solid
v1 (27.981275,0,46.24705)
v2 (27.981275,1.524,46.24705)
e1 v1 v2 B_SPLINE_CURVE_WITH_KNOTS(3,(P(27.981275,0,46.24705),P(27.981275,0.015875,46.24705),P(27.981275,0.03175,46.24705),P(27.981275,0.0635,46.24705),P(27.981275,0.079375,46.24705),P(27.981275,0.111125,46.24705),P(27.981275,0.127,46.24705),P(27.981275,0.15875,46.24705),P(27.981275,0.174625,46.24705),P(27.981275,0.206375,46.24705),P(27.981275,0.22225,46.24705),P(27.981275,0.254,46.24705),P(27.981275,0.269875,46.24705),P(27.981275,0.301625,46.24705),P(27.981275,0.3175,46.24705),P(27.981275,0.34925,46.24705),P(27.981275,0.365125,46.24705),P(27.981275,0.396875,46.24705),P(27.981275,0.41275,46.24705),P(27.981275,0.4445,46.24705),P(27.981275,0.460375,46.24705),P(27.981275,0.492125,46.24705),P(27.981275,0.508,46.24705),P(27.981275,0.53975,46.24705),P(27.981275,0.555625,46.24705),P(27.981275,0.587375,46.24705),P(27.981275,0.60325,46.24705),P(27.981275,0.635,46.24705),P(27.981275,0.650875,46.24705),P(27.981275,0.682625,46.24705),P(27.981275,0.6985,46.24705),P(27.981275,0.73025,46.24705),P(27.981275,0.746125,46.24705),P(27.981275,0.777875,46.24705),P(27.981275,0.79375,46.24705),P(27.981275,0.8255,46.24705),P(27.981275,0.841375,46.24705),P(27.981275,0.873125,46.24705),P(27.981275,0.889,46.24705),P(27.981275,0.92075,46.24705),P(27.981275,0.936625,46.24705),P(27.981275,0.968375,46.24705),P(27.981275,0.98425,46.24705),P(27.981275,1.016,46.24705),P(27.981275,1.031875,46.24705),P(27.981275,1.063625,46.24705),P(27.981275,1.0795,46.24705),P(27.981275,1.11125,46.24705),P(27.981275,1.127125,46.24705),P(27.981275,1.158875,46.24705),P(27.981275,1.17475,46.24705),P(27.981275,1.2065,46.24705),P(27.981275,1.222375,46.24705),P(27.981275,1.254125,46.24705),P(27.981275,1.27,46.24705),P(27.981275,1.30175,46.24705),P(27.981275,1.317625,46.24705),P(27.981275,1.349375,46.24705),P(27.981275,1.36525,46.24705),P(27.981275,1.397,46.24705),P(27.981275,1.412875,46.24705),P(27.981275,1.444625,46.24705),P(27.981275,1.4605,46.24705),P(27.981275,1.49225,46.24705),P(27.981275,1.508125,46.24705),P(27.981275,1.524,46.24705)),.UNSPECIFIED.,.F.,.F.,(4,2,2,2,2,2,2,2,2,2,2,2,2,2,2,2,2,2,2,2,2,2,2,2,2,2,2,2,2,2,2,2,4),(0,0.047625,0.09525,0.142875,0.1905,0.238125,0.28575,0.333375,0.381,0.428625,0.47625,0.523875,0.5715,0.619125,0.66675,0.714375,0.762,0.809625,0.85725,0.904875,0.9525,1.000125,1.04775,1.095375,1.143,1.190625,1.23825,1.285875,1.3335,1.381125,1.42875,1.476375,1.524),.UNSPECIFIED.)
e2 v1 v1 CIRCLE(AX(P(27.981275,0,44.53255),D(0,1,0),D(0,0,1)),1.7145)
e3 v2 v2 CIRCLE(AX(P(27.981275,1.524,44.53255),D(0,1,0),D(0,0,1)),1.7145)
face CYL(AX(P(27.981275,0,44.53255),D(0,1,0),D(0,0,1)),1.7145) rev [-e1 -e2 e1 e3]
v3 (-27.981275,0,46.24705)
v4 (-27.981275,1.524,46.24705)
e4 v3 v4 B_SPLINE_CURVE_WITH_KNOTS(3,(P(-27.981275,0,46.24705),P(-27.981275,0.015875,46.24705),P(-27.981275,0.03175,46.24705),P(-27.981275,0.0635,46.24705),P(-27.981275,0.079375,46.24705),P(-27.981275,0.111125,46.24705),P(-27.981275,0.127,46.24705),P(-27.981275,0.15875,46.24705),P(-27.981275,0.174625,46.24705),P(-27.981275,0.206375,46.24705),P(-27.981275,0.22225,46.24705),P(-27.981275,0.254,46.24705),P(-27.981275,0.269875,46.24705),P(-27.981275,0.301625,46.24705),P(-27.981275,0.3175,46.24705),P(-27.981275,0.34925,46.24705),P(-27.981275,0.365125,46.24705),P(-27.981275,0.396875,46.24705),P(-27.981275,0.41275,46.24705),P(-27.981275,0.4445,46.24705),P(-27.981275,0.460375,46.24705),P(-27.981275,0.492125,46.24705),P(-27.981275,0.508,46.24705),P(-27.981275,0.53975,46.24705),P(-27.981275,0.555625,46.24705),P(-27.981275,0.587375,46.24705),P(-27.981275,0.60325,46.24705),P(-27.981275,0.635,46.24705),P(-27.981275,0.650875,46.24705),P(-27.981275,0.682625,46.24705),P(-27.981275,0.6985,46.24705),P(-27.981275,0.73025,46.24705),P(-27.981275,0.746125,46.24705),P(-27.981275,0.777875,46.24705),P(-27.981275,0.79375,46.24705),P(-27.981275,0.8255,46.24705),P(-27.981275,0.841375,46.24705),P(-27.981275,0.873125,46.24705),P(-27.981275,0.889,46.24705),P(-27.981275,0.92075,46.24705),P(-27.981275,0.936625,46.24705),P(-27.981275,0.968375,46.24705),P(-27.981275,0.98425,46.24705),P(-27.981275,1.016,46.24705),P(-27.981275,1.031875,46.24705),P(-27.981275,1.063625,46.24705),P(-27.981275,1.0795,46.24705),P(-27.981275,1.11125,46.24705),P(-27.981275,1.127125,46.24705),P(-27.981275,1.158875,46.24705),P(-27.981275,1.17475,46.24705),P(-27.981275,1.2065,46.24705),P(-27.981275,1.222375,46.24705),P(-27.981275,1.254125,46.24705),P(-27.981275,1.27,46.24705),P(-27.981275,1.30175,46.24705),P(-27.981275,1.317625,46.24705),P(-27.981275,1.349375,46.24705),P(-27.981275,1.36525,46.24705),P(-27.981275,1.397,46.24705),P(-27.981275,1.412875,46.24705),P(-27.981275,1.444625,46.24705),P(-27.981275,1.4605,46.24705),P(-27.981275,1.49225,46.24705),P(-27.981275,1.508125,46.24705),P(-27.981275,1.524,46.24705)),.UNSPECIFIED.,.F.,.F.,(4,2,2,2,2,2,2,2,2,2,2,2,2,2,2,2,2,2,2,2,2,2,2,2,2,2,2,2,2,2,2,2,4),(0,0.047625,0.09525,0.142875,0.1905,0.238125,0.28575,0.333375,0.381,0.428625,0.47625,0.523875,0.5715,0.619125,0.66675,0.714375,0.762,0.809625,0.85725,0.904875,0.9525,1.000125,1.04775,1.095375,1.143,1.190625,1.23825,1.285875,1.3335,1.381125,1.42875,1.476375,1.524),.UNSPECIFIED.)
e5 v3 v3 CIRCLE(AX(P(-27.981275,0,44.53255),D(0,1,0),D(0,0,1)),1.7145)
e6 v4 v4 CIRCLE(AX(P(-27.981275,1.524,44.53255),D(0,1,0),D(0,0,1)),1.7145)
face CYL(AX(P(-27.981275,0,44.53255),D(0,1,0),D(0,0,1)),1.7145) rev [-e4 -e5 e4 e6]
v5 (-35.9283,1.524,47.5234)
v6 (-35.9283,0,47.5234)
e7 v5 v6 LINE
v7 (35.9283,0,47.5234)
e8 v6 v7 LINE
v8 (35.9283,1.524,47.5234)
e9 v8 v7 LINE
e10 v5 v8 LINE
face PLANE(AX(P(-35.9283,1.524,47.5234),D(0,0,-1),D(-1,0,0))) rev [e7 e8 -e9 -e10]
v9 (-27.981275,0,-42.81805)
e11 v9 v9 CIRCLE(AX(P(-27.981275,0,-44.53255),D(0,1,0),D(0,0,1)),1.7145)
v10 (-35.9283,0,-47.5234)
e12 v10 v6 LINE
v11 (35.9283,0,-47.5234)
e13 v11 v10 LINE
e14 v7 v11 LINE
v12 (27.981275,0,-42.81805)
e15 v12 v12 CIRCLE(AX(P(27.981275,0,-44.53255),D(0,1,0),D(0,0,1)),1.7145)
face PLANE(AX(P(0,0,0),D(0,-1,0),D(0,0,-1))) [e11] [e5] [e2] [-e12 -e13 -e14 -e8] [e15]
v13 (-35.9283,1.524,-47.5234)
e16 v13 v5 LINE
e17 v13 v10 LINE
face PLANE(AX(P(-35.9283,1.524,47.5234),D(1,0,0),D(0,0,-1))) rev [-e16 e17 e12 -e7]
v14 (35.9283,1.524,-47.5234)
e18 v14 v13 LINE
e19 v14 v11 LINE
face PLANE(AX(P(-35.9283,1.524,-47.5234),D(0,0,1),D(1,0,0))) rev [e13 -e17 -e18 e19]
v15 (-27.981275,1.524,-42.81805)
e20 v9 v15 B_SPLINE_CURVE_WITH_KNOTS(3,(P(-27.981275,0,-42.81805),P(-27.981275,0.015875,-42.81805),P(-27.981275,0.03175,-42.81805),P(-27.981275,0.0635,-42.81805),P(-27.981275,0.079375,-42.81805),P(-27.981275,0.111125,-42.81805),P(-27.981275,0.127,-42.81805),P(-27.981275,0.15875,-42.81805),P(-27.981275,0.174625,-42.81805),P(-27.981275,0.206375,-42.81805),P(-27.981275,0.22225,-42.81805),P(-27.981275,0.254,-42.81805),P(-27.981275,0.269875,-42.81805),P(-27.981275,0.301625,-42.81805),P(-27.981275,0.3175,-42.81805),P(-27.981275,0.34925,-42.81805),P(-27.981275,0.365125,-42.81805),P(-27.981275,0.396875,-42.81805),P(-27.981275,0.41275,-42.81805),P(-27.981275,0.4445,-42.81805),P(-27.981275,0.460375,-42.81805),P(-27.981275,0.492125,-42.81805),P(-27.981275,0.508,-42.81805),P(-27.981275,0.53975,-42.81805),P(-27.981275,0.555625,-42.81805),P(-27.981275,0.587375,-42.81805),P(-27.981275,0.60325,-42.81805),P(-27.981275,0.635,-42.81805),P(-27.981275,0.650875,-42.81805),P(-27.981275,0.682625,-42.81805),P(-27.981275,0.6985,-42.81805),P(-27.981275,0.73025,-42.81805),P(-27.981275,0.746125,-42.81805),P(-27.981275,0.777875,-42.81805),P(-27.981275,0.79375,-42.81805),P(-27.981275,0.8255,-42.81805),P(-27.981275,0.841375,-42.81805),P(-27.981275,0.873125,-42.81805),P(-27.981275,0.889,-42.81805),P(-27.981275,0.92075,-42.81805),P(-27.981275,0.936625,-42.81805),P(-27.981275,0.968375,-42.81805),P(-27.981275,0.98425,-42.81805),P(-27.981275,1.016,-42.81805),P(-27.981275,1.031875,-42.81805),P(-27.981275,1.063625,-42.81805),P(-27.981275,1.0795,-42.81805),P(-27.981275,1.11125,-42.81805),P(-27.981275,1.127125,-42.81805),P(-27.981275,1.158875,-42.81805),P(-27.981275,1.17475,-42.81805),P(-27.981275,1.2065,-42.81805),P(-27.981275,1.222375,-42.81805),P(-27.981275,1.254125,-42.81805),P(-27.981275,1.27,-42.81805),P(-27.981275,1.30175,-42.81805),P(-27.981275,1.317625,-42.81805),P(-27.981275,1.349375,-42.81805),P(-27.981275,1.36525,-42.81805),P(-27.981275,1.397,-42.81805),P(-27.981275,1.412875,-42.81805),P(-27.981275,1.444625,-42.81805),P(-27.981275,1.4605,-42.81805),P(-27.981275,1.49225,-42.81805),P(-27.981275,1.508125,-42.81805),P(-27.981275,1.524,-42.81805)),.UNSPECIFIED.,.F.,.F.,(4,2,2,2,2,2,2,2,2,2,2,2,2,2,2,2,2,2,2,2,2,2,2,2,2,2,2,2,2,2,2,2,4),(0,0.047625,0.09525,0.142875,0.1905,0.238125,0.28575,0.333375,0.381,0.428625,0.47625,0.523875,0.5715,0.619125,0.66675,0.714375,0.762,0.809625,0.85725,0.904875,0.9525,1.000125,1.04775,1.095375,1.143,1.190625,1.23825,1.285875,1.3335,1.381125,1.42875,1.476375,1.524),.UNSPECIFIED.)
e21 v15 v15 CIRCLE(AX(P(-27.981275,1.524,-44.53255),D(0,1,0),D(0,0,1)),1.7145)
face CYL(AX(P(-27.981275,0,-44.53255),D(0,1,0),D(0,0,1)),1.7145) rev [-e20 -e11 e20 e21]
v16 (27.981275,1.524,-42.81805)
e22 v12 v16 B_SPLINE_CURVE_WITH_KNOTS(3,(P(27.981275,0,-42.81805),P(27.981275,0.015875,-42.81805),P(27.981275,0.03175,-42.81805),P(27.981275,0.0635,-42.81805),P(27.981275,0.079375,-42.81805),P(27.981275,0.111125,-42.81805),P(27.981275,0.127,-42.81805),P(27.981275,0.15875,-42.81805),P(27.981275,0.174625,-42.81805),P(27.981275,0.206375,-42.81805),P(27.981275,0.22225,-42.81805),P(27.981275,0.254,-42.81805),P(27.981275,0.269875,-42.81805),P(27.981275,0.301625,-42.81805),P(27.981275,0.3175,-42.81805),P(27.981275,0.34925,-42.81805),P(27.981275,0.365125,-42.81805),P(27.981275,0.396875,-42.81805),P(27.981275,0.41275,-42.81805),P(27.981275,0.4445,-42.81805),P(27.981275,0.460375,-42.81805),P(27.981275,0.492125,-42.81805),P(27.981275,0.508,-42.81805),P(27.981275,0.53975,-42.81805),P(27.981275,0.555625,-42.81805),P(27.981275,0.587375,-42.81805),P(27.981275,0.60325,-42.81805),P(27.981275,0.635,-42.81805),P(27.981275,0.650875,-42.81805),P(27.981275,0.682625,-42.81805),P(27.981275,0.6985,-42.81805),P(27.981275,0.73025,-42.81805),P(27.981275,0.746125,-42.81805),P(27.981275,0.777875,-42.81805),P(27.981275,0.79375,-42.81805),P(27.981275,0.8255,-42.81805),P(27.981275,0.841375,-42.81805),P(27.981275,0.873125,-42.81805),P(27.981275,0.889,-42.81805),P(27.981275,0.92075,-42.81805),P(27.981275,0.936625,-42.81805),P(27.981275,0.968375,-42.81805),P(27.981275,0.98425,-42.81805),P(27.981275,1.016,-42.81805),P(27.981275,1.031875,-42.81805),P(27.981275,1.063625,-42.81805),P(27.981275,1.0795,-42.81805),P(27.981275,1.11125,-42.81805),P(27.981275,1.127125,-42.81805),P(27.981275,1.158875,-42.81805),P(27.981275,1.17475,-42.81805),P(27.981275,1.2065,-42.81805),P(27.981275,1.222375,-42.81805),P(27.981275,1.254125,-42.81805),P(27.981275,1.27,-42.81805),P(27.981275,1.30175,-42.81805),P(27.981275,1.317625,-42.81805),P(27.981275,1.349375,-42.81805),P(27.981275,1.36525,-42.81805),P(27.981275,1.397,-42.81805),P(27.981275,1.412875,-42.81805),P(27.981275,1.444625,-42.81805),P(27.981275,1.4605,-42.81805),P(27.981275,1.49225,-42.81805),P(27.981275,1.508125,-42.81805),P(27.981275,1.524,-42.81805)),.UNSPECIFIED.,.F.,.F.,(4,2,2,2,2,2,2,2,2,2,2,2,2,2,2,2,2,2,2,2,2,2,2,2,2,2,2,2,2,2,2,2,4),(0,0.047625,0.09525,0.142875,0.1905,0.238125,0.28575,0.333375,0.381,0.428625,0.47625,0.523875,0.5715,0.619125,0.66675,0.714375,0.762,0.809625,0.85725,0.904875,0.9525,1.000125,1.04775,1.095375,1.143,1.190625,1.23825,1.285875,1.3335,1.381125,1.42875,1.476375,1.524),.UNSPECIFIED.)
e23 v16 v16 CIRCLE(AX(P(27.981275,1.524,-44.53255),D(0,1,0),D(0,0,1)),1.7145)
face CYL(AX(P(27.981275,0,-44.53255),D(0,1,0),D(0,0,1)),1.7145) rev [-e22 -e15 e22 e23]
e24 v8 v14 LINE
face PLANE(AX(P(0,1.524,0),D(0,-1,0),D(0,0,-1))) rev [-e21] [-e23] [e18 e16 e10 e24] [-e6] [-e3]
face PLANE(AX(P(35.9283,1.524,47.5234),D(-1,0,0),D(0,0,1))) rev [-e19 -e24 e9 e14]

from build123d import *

# Parameters (mm, degrees)
SKETCH1_W           = 71.8566
SKETCH1_H           = 95.0468
BOSS_EXTRUDE1_DEPTH = 1.524
SKETCH2_R           = 1.7145
CUT_EXTRUDE1_DEPTH  = 60.595627897


with BuildPart() as part:
    # Sketch1 → Boss-Extrude1 (new body)
    with BuildSketch(Plane(origin=(0, 0, 0), x_dir=(1, 0, 0), z_dir=(0, 1, 0))):
        Rectangle(SKETCH1_W, SKETCH1_H)
    extrude(amount=BOSS_EXTRUDE1_DEPTH)

    # Sketch2 → Cut-Extrude1 (cut, through all)
    with BuildSketch(Plane(origin=(0, 1.524, 0), x_dir=(1, 0, 0), z_dir=(0, 1, 0))):
        with Locations(Location((-27.981275, 44.53255, 0), (0, 0, 270))):
            Circle(SKETCH2_R)
        with Locations(Location((27.981275, 44.53255, 0), (0, 0, 270))):
            Circle(SKETCH2_R)
        with Locations(Location((27.981275, -44.53255, 0), (0, 0, 270))):
            Circle(SKETCH2_R)
        with Locations(Location((-27.981275, -44.53255, 0), (0, 0, 270))):
            Circle(SKETCH2_R)
    extrude(amount=-CUT_EXTRUDE1_DEPTH, mode=Mode.SUBTRACT)


solid = part.part
